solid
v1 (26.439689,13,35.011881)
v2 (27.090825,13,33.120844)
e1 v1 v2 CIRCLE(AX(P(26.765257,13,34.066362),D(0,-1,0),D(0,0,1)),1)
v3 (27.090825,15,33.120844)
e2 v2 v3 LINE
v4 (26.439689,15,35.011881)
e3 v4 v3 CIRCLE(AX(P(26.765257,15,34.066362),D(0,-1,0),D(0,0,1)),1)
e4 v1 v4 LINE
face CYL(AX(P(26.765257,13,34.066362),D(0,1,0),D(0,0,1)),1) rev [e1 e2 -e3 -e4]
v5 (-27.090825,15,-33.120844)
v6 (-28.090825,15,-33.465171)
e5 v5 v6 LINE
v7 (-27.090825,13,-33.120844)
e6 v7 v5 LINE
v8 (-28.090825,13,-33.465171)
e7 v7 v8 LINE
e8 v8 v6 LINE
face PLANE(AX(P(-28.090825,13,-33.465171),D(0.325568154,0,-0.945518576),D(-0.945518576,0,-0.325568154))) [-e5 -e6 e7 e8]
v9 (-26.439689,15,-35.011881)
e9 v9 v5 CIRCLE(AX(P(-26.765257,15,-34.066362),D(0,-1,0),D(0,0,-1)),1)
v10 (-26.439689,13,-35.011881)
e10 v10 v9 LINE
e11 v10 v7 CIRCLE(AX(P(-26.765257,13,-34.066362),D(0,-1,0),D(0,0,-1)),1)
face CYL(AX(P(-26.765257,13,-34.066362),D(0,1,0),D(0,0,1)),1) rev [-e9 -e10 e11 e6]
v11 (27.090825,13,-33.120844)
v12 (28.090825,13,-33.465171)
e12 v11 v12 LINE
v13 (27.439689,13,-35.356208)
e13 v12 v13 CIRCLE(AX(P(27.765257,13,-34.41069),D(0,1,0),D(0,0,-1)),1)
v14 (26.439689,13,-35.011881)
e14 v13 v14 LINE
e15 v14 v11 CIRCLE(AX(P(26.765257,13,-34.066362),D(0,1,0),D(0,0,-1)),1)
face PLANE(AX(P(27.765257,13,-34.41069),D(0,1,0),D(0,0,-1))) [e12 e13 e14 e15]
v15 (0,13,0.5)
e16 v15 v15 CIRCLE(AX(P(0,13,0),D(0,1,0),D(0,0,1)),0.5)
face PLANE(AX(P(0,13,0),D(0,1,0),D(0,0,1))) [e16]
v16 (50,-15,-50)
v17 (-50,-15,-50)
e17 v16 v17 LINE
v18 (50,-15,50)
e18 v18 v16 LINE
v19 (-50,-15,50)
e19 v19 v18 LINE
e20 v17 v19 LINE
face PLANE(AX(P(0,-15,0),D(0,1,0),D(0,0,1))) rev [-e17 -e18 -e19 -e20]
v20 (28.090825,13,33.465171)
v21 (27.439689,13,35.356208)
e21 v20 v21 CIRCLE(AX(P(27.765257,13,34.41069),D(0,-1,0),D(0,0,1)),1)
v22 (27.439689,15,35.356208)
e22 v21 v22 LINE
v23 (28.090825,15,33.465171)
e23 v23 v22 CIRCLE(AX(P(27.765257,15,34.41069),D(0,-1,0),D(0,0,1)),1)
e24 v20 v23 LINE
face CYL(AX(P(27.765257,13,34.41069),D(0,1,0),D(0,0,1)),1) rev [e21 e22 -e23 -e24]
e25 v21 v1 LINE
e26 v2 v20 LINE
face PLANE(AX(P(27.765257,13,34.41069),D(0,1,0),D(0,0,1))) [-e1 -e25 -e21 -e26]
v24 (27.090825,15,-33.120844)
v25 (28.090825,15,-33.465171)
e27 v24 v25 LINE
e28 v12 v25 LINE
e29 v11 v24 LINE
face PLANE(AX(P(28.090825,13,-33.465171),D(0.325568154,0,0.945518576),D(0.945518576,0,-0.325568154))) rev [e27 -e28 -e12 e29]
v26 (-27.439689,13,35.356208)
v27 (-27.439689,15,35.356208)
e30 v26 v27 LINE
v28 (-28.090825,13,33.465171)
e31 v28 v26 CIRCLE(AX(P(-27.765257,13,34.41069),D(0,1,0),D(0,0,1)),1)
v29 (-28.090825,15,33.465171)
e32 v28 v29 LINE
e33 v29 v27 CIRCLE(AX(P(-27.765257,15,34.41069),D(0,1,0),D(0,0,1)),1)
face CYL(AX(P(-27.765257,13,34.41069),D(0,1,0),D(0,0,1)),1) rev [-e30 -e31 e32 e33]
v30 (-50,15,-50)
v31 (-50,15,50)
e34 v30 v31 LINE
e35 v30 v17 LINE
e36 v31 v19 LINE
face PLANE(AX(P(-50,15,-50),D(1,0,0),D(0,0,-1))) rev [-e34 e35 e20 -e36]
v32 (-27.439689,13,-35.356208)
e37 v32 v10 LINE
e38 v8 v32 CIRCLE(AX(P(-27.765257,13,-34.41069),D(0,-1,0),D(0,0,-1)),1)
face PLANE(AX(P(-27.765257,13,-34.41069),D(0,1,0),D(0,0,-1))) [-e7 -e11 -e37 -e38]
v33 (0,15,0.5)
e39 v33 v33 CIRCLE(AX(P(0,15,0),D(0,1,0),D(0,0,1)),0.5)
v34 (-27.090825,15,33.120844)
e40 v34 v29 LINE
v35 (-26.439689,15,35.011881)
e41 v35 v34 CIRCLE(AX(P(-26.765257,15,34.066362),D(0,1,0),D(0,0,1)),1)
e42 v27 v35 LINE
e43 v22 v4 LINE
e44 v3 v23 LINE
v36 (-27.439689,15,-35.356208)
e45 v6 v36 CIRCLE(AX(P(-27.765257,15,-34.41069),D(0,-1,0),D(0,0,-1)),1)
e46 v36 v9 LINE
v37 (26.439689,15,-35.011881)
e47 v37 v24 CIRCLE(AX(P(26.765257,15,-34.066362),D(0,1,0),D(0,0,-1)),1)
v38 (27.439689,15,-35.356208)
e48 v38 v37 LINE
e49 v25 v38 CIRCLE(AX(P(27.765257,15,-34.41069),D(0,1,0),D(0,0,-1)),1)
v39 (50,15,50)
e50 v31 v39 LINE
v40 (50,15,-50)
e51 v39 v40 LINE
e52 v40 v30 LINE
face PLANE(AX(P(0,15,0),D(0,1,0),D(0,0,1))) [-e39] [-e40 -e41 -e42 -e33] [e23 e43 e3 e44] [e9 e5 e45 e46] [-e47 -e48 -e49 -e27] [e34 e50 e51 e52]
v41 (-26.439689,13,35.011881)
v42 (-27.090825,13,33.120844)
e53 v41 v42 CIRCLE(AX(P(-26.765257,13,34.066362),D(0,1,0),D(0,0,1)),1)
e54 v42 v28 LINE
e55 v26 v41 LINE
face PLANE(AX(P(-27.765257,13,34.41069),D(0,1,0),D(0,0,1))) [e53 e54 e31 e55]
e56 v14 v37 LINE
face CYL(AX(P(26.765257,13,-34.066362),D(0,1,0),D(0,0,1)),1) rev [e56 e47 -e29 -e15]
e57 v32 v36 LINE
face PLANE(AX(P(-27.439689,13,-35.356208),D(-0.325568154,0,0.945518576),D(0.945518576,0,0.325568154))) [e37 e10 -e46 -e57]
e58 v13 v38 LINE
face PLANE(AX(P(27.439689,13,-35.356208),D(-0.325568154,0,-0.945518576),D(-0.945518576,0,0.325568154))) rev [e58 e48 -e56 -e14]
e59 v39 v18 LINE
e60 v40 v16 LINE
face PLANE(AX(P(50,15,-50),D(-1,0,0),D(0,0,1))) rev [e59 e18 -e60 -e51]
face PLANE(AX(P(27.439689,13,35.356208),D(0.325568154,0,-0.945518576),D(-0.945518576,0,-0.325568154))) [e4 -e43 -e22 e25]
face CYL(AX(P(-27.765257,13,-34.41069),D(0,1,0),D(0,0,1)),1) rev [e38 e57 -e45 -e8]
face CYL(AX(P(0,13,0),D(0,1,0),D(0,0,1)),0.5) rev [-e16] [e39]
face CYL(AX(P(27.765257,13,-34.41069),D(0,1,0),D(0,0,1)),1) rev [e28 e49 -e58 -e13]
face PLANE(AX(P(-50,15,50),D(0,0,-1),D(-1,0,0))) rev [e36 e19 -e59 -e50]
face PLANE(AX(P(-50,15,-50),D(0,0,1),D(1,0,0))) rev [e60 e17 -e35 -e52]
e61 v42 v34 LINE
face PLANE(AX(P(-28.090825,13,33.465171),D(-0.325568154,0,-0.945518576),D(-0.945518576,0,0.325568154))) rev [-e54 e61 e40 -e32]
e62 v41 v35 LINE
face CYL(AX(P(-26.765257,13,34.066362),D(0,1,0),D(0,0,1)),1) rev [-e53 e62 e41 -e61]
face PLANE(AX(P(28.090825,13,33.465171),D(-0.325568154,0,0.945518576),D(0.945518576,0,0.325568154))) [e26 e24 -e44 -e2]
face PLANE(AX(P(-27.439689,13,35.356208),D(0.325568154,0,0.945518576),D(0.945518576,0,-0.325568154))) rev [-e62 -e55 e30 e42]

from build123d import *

# Parameters (mm, degrees)
SKETCH1_W                                  = 100
SKETCH1_H                                  = 100
BOSS_EXTRUDE1_DEPTH                        = 15
SKETCH2_R                                  = 0.5
CUT_EXTRUDE1_DEPTH                         = 2
MIRROR1_AT_THE_SECOND_PLANE_COPY_1_SKETC_R = 0.5
MIRROR1_AT_THE_SECOND_PLANE_COPY_1_DEPTH   = 2


with BuildPart() as part:
    # Sketch1 → Boss-Extrude1 (new body, symmetric)
    with BuildSketch(Plane(origin=(0, 0, 0), x_dir=(1, 0, 0), z_dir=(0, 1, 0))):
        Rectangle(SKETCH1_W, SKETCH1_H)
    extrude(amount=BOSS_EXTRUDE1_DEPTH, both=True)

    # Sketch2 → Cut-Extrude1 (cut)
    with BuildSketch(Plane(origin=(0, 15, 0), x_dir=(1, 0, 0), z_dir=(0, 1, 0))):
        Circle(SKETCH2_R)
        with BuildLine():
            Line((-28.090825198, -33.465171233), (-27.090825198, -33.120843619))
            ThreePointArc((-27.090825198, -33.120843619), (-25.819738468, -33.740794041), (-26.439688889, -35.011880771))
            Line((-26.439688889, -35.011880771), (-27.439688889, -35.356208384))
            ThreePointArc((-27.439688889, -35.356208384), (-28.710775619, -34.736257963), (-28.090825198, -33.465171233))
        make_face()
    cut_extrude1 = extrude(amount=-CUT_EXTRUDE1_DEPTH, mode=Mode.SUBTRACT)

    # Mirror1: Cut-Extrude1 across plane
    add(cut_extrude1.mirror(Plane.XY), mode=Mode.SUBTRACT)

    # Mirror1 at the second plane: Cut-Extrude1 across plane
    add(cut_extrude1.mirror(Plane(origin=(0, 0, 0), x_dir=(0, 0, 1), z_dir=(1, 0, 0))), mode=Mode.SUBTRACT)

    # Mirror1 at the second plane copy 1 sketc → Mirror1 at the second plane copy 1 (cut)
    with BuildSketch(Plane(origin=(0, 15, 0), x_dir=(-1, 0, 0), z_dir=(0, 1, 0))):
        Circle(MIRROR1_AT_THE_SECOND_PLANE_COPY_1_SKETC_R)
        with BuildLine():
            Line((-28.090825198, -33.465171233), (-27.090825198, -33.120843619))
            ThreePointArc((-27.090825198, -33.120843619), (-25.819738468, -33.740794041), (-26.439688889, -35.011880771))
            Line((-26.439688889, -35.011880771), (-27.439688889, -35.356208384))
            ThreePointArc((-27.439688889, -35.356208384), (-28.710775619, -34.736257963), (-28.090825198, -33.465171233))
        make_face()
    extrude(amount=-MIRROR1_AT_THE_SECOND_PLANE_COPY_1_DEPTH, mode=Mode.SUBTRACT)


solid = part.part
